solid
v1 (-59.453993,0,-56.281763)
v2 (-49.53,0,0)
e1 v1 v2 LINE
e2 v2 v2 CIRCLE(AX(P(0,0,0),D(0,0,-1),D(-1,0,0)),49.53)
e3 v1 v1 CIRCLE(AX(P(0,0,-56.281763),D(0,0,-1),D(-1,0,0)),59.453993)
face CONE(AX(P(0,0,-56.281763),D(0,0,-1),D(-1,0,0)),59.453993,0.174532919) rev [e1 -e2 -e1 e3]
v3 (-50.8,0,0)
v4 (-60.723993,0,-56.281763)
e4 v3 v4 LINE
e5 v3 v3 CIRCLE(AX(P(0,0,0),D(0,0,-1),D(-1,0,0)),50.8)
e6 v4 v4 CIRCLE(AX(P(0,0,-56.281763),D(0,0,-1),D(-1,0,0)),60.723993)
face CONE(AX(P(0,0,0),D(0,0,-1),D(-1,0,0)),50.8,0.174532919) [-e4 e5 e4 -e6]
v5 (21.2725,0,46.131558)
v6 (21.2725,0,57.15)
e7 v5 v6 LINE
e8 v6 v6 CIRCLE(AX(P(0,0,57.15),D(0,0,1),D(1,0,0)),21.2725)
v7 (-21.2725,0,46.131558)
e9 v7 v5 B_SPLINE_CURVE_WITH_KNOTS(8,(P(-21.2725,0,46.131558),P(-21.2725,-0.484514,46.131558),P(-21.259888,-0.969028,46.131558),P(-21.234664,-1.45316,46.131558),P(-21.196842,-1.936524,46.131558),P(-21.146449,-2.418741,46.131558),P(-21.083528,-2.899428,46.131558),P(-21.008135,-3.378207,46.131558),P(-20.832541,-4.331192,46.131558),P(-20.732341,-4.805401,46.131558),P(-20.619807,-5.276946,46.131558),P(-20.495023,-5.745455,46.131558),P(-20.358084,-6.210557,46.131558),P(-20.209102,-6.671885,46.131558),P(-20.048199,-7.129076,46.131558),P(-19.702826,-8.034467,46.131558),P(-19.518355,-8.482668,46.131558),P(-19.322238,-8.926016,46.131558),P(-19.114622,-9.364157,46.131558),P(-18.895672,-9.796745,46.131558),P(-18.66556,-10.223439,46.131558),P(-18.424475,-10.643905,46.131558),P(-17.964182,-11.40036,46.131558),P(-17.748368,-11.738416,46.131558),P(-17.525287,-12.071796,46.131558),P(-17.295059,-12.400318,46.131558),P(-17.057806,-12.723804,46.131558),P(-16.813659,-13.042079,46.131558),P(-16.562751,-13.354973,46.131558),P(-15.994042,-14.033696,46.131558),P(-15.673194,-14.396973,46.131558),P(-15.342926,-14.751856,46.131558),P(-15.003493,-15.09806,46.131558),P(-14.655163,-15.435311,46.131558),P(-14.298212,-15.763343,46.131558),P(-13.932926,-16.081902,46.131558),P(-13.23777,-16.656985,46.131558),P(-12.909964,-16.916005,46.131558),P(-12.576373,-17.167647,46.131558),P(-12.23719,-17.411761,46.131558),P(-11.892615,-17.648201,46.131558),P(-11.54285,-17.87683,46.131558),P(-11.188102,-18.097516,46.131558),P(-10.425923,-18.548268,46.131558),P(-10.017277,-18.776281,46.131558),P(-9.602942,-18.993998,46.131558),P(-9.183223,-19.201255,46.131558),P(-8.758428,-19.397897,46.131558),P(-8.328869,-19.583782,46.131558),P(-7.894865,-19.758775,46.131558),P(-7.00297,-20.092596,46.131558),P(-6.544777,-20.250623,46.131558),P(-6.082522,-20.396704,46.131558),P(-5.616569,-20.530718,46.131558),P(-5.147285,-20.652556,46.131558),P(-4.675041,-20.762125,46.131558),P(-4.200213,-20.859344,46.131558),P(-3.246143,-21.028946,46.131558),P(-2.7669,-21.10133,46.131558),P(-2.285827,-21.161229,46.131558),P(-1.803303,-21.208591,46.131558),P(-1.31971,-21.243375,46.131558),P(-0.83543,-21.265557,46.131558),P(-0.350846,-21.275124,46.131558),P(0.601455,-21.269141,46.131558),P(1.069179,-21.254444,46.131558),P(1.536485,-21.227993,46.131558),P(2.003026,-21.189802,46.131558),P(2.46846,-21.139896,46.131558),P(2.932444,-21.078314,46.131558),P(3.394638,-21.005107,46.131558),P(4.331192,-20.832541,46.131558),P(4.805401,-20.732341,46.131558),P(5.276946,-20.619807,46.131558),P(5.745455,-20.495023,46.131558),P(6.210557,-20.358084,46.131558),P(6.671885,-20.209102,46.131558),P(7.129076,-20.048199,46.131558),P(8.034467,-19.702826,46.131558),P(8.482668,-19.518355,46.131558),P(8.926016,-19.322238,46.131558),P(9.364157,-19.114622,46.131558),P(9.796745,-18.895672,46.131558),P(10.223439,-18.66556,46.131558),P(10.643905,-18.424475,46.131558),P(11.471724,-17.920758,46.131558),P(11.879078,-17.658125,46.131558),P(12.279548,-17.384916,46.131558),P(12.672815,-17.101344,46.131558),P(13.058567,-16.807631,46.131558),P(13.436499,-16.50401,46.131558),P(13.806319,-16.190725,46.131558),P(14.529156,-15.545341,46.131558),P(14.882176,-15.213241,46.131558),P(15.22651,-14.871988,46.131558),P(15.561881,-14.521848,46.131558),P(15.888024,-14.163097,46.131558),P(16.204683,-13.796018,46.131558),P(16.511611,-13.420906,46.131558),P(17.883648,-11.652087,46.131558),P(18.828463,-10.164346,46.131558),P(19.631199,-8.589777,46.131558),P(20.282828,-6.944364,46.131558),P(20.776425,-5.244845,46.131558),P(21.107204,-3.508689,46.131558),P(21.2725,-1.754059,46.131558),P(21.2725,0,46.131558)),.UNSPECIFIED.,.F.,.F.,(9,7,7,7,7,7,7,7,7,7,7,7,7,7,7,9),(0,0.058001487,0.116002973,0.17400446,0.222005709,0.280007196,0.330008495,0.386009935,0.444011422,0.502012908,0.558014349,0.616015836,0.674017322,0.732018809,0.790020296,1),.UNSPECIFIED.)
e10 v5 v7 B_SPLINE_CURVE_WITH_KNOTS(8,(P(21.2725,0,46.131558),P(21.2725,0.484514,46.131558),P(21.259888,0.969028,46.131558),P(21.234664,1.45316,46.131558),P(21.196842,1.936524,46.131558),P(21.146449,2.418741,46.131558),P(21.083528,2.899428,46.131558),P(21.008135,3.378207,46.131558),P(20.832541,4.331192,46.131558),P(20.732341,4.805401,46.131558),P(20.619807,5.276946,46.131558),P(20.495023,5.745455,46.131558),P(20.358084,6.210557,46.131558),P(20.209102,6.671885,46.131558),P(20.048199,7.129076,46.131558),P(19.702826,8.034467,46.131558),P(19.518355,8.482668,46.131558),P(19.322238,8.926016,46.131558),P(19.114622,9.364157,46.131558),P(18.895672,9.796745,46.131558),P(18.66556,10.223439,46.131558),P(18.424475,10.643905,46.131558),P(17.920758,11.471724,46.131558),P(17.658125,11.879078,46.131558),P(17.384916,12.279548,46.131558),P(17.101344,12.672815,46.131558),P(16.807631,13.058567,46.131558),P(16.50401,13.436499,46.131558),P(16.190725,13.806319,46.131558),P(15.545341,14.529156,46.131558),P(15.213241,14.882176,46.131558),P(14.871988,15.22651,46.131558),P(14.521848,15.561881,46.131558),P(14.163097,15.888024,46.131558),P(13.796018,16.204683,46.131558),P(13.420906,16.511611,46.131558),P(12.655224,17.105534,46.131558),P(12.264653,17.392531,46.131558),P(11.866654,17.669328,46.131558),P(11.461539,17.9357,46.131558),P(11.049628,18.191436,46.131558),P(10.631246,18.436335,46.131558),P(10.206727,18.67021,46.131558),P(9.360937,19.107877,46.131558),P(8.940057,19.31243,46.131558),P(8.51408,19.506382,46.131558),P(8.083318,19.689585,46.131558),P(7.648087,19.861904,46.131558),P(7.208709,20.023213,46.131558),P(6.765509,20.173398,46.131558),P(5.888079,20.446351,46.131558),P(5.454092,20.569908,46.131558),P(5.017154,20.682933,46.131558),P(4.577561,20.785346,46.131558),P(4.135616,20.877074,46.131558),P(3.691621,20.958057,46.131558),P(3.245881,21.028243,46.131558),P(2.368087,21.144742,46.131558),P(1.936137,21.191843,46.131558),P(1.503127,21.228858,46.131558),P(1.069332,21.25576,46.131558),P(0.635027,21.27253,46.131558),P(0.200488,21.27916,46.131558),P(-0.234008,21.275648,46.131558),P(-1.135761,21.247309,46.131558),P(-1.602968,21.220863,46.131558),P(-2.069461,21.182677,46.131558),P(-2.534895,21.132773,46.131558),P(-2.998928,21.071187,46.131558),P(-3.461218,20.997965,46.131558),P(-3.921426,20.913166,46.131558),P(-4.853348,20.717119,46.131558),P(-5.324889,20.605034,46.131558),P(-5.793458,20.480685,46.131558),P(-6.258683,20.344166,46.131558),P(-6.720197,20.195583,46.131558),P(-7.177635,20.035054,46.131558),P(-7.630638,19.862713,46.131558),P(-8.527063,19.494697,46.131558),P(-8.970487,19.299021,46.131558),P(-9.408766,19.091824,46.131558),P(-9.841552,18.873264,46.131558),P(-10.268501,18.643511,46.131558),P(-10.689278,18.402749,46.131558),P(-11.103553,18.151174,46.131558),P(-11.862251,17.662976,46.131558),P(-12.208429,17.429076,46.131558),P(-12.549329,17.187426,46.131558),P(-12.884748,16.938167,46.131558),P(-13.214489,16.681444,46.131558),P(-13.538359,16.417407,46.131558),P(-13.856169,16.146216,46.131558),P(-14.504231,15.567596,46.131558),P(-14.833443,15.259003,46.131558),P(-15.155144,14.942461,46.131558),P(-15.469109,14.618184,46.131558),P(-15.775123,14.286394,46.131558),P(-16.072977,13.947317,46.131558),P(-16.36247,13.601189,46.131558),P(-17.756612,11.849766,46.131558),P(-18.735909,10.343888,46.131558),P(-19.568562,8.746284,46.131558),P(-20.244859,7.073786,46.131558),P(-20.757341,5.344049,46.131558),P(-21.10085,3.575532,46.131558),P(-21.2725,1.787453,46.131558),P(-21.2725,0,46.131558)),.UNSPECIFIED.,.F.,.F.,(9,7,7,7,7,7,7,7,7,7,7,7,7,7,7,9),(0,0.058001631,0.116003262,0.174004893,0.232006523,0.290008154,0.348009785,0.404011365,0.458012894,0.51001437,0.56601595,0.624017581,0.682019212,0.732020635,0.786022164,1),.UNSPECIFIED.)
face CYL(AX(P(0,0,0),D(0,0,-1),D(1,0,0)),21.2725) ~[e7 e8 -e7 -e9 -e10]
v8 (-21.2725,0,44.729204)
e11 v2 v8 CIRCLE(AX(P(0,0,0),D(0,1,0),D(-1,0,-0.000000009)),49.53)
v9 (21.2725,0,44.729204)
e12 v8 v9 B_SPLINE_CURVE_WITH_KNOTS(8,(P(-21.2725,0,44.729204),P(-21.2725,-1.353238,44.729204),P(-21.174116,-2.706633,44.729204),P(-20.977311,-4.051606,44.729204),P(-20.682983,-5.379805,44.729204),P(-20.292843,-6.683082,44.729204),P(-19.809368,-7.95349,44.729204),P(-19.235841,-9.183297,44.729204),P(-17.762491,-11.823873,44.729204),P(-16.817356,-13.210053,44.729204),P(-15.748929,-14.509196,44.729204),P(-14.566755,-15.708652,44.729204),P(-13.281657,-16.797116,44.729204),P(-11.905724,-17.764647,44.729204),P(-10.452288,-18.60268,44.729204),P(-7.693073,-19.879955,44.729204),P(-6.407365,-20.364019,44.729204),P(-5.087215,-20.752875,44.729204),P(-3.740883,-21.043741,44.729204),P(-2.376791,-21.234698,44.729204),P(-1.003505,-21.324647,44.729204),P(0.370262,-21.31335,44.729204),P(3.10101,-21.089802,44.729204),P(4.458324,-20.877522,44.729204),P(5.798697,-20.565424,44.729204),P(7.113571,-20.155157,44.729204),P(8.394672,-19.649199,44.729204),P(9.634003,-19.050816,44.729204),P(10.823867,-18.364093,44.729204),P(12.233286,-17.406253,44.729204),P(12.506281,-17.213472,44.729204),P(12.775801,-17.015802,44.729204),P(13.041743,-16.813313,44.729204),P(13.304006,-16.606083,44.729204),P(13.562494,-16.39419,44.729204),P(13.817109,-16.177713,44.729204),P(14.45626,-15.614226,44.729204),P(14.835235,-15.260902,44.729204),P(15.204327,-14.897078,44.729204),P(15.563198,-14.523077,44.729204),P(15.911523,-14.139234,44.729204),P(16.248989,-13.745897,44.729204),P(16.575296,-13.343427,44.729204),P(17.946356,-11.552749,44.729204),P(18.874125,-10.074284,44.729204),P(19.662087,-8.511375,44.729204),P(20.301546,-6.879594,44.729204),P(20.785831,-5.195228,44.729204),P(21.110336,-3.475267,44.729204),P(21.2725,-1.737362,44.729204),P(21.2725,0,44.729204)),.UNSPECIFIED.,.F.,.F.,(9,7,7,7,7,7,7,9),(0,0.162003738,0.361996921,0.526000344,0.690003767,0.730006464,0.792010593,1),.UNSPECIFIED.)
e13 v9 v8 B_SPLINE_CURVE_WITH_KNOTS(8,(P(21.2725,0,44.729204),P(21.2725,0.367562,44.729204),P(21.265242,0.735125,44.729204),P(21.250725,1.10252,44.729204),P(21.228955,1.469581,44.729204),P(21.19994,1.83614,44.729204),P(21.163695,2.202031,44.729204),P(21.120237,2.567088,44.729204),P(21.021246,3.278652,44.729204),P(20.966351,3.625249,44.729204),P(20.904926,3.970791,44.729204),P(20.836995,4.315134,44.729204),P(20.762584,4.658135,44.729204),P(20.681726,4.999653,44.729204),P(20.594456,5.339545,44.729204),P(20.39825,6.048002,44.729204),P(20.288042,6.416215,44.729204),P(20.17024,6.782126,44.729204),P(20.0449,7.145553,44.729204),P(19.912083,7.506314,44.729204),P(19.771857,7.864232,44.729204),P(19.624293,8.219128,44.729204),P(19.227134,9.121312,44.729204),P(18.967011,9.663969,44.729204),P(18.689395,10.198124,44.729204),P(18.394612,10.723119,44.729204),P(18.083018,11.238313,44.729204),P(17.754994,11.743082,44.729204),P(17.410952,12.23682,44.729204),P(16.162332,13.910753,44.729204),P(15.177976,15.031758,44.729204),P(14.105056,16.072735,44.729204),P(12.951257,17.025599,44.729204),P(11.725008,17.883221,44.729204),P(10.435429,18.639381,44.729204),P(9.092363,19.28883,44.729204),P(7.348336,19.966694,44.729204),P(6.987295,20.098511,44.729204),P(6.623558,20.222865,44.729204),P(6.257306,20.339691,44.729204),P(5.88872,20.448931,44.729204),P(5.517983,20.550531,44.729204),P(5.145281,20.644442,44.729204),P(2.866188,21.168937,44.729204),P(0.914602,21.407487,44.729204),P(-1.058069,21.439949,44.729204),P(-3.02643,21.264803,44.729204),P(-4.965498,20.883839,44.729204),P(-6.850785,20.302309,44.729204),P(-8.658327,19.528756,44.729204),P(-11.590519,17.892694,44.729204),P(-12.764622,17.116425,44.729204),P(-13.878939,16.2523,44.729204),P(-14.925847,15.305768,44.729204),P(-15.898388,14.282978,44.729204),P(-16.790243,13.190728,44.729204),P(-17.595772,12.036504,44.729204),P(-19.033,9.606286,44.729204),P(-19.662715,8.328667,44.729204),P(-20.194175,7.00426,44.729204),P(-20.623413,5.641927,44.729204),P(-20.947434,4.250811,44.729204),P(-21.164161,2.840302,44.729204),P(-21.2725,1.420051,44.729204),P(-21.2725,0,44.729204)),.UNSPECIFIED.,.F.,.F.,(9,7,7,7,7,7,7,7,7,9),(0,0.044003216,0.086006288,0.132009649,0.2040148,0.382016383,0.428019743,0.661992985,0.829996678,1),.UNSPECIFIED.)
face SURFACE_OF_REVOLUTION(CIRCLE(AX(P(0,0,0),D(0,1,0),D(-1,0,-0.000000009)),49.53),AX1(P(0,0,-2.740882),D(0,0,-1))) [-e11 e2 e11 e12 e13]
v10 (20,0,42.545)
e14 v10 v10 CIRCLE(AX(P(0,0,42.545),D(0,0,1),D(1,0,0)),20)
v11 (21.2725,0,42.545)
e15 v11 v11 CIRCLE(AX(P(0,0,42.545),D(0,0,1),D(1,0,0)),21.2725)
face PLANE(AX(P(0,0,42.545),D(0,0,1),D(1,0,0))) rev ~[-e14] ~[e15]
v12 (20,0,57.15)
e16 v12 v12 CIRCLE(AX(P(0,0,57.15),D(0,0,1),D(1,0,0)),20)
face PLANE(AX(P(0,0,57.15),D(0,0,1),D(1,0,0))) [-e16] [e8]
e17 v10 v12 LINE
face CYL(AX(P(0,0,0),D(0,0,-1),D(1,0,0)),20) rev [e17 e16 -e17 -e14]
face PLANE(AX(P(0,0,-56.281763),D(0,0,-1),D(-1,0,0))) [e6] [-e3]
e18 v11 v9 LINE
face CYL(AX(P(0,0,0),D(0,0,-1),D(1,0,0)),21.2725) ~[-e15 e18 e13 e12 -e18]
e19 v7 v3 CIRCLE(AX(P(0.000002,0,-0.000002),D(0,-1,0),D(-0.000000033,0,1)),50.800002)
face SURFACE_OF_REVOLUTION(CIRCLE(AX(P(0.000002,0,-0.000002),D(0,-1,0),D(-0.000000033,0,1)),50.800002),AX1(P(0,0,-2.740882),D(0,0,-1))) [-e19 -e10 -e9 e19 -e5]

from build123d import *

# Parameters (mm, degrees)
F2_R     = 21.2725
F2_R_2   = 20
F3_DEPTH = 57.15
F4_DEPTH = 57.151
F5_DEPTH = 42.545


with BuildPart() as f1:
    # F0 (on Front) → F1 (revolve)
    with BuildSketch(Plane.XZ):
        with BuildLine():
            Line((0, 49.53), (0, 50.8))
            ThreePointArc((0, 50.8), (-35.921024, 35.921024), (-50.8, 0))
            Line((-50.8, 0), (-49.53, 0))
            ThreePointArc((-49.53, 0), (-35.022999, 35.022999), (0, 49.53))
        make_face()
        Polygon((-49.53, 0), (-50.8, 0), (-60.723993, -56.281763), (-59.453993, -56.281763), align=None)
    revolve(axis=Axis((0, 0, -2.740882), (0, 0, -1)))

    # F2 (on Top) → F3 (join)
    with BuildSketch(Plane.XY):
        Circle(F2_R)
        Circle(F2_R_2, mode=Mode.SUBTRACT)
    extrude(amount=F3_DEPTH)

    # F2 (on Top) → F4 (cut, through all)
    with BuildSketch(Plane.XY):
        Circle(F2_R_2)
    extrude(amount=F4_DEPTH, mode=Mode.SUBTRACT)

    # F2 (on Top) → F5 (cut)
    with BuildSketch(Plane.XY):
        Circle(F2_R_2)
        Circle(F2_R)
        Circle(F2_R_2, mode=Mode.SUBTRACT)
    extrude(amount=F5_DEPTH, mode=Mode.SUBTRACT)


solid = f1.part
